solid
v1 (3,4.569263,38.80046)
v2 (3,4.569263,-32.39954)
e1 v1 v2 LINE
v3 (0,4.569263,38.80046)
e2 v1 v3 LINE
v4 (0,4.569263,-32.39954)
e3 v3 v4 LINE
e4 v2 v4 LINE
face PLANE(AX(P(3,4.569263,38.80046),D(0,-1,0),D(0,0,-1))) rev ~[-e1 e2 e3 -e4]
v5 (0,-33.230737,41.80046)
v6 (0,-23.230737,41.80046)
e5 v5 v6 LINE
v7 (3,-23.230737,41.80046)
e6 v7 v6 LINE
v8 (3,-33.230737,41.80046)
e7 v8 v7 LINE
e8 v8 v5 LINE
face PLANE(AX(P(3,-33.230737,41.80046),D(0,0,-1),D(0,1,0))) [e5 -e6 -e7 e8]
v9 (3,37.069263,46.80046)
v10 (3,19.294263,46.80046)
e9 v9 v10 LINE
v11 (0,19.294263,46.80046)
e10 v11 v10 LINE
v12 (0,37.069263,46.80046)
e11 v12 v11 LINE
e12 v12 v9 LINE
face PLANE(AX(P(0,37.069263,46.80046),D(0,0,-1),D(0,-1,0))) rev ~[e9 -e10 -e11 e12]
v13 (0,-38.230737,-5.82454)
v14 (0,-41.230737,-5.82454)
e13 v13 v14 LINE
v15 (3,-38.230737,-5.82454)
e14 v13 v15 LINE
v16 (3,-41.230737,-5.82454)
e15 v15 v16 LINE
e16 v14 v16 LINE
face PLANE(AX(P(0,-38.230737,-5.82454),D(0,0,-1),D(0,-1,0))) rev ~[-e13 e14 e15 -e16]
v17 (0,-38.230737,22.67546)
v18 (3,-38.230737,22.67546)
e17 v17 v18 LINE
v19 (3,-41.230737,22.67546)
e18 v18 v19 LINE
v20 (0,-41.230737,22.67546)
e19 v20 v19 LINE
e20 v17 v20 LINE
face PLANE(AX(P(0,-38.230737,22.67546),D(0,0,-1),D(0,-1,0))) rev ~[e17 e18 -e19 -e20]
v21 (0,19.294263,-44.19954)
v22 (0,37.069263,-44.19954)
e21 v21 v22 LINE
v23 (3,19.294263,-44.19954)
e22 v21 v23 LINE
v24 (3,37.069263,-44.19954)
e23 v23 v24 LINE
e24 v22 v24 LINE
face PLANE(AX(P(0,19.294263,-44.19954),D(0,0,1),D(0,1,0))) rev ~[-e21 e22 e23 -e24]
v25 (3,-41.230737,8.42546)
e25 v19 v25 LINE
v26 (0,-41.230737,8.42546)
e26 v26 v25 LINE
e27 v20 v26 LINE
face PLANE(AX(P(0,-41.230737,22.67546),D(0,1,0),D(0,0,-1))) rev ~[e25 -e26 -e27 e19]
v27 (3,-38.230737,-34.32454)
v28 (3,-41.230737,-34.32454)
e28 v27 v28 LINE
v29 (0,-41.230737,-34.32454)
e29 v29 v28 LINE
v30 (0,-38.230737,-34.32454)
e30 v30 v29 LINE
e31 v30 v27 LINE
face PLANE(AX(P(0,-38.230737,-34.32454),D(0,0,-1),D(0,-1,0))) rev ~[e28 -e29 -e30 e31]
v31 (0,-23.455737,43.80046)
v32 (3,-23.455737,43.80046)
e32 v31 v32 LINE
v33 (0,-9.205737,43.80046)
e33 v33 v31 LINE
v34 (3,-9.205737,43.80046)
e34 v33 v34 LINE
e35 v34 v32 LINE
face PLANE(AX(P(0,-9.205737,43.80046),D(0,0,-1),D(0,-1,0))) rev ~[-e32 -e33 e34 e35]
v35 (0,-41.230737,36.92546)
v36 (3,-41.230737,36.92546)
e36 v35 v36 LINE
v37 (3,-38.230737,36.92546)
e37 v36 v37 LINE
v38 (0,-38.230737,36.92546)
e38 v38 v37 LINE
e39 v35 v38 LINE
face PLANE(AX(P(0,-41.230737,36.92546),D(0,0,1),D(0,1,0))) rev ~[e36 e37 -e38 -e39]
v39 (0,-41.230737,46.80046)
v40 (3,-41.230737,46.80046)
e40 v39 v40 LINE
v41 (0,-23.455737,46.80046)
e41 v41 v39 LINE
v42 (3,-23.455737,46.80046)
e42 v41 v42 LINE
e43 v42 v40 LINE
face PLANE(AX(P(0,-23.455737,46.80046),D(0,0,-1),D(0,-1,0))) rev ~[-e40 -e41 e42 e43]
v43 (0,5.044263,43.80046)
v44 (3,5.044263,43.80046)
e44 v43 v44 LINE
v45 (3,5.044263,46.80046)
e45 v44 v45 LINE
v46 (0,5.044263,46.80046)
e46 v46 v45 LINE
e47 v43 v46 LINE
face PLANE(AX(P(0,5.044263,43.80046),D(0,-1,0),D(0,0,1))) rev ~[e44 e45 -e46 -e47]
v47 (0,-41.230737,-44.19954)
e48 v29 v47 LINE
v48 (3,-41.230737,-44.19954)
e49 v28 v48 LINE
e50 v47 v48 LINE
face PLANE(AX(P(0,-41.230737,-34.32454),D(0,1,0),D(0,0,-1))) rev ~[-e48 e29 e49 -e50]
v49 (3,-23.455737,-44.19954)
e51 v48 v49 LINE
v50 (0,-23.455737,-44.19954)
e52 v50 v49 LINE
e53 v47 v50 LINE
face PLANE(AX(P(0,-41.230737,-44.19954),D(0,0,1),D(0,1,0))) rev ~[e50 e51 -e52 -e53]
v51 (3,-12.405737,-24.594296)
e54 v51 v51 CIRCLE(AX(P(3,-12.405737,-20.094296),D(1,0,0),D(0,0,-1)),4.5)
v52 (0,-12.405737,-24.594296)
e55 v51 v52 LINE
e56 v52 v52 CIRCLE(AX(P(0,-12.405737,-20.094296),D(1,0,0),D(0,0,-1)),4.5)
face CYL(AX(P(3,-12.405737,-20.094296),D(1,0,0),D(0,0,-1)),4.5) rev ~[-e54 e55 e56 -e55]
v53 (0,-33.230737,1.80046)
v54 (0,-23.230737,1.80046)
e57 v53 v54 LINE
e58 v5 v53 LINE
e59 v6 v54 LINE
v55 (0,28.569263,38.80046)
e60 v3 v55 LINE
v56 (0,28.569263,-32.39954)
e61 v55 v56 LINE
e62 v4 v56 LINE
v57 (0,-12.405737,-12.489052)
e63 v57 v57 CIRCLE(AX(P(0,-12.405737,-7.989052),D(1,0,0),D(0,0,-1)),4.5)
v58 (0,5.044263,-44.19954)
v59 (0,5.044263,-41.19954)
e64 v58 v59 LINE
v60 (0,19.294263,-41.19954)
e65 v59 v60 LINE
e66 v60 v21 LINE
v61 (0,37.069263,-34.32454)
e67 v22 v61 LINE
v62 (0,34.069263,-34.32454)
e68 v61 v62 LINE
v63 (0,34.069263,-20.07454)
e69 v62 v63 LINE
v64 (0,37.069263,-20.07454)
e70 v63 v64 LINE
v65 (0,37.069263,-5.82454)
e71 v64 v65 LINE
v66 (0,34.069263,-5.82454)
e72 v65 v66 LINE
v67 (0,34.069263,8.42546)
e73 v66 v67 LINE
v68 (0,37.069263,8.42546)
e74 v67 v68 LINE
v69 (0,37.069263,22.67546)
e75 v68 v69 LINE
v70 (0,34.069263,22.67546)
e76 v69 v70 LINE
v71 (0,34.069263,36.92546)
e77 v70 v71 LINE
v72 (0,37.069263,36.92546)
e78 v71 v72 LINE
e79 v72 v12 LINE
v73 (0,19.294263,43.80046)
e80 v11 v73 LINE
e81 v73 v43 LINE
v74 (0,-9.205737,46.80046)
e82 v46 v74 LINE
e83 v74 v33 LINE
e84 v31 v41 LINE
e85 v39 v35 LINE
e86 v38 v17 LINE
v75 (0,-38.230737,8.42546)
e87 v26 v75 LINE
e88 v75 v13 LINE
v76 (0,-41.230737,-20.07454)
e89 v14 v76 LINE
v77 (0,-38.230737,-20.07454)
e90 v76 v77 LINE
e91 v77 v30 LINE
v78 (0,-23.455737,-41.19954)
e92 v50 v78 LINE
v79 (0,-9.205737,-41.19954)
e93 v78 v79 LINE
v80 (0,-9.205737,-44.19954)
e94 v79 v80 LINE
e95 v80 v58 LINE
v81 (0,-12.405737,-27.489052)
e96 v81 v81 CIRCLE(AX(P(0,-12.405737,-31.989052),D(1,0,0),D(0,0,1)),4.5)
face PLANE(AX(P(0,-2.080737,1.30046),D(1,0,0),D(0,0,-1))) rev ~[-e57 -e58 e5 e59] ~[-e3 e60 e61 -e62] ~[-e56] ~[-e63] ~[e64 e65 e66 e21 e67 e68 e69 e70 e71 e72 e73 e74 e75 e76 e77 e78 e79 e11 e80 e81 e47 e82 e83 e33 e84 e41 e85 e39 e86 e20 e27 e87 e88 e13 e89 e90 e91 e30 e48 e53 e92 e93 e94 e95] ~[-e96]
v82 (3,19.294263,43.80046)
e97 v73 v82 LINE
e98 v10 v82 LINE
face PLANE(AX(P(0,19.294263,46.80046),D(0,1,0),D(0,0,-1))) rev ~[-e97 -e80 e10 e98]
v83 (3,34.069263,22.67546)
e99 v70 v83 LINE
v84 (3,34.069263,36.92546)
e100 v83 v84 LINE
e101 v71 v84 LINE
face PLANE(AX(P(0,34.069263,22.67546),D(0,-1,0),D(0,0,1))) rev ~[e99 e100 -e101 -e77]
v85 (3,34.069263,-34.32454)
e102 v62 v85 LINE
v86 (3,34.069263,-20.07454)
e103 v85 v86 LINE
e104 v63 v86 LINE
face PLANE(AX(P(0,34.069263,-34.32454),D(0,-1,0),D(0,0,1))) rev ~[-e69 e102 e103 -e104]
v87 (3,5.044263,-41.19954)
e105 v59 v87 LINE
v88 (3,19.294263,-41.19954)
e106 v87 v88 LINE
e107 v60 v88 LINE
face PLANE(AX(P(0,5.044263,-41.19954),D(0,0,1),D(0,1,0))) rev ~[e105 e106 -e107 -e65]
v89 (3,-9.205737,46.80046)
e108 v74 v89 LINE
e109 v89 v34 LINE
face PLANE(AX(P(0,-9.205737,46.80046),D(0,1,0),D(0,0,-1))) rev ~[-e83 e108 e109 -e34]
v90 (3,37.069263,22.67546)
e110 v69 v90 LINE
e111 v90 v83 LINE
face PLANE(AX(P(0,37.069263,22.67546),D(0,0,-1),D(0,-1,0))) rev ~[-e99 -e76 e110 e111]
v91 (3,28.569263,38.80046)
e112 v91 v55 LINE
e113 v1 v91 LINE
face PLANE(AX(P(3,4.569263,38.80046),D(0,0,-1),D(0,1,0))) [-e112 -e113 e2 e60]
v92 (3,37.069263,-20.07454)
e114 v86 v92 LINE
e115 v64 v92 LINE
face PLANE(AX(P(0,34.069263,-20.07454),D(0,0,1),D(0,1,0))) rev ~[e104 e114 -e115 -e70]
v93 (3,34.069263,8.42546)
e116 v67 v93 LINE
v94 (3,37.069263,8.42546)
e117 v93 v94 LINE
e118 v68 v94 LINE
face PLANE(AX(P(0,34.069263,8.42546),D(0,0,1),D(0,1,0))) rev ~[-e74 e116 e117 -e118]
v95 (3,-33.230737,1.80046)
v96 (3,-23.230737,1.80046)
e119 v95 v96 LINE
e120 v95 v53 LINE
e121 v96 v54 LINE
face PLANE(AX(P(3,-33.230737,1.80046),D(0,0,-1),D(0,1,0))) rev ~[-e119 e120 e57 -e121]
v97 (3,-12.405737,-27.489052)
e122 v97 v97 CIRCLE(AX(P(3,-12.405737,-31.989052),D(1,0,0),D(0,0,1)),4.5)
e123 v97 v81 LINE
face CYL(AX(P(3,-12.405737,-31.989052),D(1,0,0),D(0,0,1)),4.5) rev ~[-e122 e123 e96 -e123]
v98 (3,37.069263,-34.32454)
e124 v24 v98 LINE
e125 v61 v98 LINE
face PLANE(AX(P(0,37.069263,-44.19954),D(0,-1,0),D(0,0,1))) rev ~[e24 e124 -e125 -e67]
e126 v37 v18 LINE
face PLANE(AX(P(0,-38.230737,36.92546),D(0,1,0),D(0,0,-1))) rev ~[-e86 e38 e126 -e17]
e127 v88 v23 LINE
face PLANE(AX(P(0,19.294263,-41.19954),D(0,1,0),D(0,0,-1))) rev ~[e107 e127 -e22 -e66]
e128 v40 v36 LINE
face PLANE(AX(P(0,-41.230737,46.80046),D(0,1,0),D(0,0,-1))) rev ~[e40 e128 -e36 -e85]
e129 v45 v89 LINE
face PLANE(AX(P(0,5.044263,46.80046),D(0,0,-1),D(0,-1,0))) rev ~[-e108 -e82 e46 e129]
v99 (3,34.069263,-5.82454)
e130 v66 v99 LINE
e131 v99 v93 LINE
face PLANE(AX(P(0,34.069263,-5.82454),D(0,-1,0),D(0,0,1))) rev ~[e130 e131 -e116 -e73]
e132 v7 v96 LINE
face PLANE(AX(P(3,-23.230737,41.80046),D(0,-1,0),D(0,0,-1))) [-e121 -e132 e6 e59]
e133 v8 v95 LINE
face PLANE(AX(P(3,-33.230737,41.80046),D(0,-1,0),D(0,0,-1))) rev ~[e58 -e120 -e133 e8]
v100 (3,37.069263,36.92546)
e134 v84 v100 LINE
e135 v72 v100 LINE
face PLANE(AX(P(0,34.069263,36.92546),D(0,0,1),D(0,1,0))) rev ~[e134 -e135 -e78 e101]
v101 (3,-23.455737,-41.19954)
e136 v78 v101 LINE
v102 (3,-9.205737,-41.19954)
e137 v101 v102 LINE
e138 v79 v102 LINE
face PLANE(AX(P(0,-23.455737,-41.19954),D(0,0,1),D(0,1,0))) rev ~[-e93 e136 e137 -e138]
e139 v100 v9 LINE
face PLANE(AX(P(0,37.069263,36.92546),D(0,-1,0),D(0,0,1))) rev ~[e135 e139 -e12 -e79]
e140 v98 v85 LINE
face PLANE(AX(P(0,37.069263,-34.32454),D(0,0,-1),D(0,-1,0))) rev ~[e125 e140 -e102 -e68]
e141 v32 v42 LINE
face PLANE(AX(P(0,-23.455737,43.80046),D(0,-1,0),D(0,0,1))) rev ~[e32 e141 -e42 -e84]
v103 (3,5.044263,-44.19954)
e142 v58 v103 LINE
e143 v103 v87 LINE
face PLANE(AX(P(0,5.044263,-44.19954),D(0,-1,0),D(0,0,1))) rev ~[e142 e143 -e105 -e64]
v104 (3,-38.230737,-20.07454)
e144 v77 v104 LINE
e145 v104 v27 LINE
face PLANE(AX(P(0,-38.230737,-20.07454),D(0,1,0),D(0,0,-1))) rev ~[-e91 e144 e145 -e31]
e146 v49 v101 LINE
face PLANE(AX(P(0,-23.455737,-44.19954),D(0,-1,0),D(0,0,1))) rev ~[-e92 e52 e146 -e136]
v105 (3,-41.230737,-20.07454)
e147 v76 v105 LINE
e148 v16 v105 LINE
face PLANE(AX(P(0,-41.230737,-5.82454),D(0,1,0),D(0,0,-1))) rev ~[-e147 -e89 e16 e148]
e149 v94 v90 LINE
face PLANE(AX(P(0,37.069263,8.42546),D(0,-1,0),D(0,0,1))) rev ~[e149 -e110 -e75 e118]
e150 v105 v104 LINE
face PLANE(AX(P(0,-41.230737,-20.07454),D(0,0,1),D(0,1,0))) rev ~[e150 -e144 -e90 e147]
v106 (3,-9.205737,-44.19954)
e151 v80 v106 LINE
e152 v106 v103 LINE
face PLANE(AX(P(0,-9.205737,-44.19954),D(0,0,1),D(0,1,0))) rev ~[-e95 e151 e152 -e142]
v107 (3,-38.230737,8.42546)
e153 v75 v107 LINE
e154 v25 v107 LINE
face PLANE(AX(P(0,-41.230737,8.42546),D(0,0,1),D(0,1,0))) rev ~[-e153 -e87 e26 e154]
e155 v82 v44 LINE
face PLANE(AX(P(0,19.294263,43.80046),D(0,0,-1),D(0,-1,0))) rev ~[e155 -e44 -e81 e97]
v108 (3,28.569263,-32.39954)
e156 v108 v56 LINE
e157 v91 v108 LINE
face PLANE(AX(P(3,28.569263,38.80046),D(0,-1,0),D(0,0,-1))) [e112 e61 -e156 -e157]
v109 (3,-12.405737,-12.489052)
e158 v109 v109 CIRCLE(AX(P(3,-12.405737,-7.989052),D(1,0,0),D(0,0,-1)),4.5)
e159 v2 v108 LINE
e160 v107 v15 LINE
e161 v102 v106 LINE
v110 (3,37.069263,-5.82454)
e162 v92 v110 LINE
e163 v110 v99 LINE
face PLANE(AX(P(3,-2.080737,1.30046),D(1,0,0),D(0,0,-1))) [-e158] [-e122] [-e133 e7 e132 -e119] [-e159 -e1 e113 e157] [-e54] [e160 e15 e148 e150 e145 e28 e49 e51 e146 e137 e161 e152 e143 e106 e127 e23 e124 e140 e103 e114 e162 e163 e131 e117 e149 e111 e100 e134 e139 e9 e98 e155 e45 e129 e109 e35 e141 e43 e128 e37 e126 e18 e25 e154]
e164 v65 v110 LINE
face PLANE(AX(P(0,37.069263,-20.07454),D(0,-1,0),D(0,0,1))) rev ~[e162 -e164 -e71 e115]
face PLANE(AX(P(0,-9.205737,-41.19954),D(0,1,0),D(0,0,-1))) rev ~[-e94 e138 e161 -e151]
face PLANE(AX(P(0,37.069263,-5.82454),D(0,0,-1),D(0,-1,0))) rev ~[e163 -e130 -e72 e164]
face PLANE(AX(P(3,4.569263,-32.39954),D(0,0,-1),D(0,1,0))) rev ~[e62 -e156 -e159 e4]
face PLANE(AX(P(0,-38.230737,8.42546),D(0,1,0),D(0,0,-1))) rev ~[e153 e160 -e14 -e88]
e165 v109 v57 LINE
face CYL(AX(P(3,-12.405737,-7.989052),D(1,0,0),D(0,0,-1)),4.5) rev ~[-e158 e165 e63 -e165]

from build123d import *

# Parameters (mm, degrees)
BOSS_EXTRUDE1_DEPTH = 3
SKETCH2_R           = 4.5
SKETCH2_W           = 71.2
SKETCH2_H           = 24
SKETCH2_W_2         = 40
SKETCH2_H_2         = 10
CUT_EXTRUDE1_DEPTH  = 3


with BuildPart() as part:
    # Sketch1 → Boss-Extrude1 (new body)
    with BuildSketch(Plane(origin=(0, 0, 0), x_dir=(0, 0, -1), z_dir=(1, 0, 0))):
        Polygon((-46.800460417, 37.069263333), (-46.800460417, 19.294263333), (-43.800460417, 19.294263333), (-43.800460417, 5.044263333), (-46.800460417, 5.044263333), (-46.800460417, -9.205736667), (-43.800460417, -9.205736667), (-43.800460417, -23.455736667), (-46.800460417, -23.455736667), (-46.800460417, -37.705736667), (-46.800460417, -41.230736667), (-36.925460417, -41.230736667), (-36.925460417, -38.230736667), (-22.675460417, -38.230736667), (-22.675460417, -41.230736667), (-8.425460417, -41.230736667), (-8.425460417, -38.230736667), (5.824539583, -38.230736667), (5.824539583, -41.230736667), (20.074539583, -41.230736667), (20.074539583, -38.230736667), (34.324539583, -38.230736667), (34.324539583, -41.230736667), (44.199539583, -41.230736667), (44.199539583, -23.455736667), (41.199539583, -23.455736667), (41.199539583, -9.205736667), (44.199539583, -9.205736667), (44.199539583, 5.044263333), (41.199539583, 5.044263333), (41.199539583, 19.294263333), (44.199539583, 19.294263333), (44.199539583, 33.544263333), (44.199539583, 37.069263333), (34.324539583, 37.069263333), (34.324539583, 34.069263333), (20.074539583, 34.069263333), (20.074539583, 37.069263333), (5.824539583, 37.069263333), (5.824539583, 34.069263333), (-8.425460417, 34.069263333), (-8.425460417, 37.069263333), (-22.675460417, 37.069263333), (-22.675460417, 34.069263333), (-36.925460417, 34.069263333), (-36.925460417, 37.069263333), align=None)
    extrude(amount=BOSS_EXTRUDE1_DEPTH)

    # Sketch2 → Cut-Extrude1 (cut)
    with BuildSketch(Plane(origin=(3, 0, 0), x_dir=(0, 0, -1), z_dir=(1, 0, 0))):
        with Locations((20.094295928, -12.405736667)):
            Circle(SKETCH2_R)
        with Locations((7.989052272, -12.405736667)):
            Circle(SKETCH2_R)
        with Locations(Location((31.989052272, -12.405736667, 0), (0, 0, 180))):
            Circle(SKETCH2_R)
        with Locations((-3.200460417, 16.569263333)):
            Rectangle(SKETCH2_W, SKETCH2_H)
        with Locations((-21.800460417, -28.230736667)):
            Rectangle(SKETCH2_W_2, SKETCH2_H_2)
    extrude(amount=-CUT_EXTRUDE1_DEPTH, mode=Mode.SUBTRACT)


solid = part.part
